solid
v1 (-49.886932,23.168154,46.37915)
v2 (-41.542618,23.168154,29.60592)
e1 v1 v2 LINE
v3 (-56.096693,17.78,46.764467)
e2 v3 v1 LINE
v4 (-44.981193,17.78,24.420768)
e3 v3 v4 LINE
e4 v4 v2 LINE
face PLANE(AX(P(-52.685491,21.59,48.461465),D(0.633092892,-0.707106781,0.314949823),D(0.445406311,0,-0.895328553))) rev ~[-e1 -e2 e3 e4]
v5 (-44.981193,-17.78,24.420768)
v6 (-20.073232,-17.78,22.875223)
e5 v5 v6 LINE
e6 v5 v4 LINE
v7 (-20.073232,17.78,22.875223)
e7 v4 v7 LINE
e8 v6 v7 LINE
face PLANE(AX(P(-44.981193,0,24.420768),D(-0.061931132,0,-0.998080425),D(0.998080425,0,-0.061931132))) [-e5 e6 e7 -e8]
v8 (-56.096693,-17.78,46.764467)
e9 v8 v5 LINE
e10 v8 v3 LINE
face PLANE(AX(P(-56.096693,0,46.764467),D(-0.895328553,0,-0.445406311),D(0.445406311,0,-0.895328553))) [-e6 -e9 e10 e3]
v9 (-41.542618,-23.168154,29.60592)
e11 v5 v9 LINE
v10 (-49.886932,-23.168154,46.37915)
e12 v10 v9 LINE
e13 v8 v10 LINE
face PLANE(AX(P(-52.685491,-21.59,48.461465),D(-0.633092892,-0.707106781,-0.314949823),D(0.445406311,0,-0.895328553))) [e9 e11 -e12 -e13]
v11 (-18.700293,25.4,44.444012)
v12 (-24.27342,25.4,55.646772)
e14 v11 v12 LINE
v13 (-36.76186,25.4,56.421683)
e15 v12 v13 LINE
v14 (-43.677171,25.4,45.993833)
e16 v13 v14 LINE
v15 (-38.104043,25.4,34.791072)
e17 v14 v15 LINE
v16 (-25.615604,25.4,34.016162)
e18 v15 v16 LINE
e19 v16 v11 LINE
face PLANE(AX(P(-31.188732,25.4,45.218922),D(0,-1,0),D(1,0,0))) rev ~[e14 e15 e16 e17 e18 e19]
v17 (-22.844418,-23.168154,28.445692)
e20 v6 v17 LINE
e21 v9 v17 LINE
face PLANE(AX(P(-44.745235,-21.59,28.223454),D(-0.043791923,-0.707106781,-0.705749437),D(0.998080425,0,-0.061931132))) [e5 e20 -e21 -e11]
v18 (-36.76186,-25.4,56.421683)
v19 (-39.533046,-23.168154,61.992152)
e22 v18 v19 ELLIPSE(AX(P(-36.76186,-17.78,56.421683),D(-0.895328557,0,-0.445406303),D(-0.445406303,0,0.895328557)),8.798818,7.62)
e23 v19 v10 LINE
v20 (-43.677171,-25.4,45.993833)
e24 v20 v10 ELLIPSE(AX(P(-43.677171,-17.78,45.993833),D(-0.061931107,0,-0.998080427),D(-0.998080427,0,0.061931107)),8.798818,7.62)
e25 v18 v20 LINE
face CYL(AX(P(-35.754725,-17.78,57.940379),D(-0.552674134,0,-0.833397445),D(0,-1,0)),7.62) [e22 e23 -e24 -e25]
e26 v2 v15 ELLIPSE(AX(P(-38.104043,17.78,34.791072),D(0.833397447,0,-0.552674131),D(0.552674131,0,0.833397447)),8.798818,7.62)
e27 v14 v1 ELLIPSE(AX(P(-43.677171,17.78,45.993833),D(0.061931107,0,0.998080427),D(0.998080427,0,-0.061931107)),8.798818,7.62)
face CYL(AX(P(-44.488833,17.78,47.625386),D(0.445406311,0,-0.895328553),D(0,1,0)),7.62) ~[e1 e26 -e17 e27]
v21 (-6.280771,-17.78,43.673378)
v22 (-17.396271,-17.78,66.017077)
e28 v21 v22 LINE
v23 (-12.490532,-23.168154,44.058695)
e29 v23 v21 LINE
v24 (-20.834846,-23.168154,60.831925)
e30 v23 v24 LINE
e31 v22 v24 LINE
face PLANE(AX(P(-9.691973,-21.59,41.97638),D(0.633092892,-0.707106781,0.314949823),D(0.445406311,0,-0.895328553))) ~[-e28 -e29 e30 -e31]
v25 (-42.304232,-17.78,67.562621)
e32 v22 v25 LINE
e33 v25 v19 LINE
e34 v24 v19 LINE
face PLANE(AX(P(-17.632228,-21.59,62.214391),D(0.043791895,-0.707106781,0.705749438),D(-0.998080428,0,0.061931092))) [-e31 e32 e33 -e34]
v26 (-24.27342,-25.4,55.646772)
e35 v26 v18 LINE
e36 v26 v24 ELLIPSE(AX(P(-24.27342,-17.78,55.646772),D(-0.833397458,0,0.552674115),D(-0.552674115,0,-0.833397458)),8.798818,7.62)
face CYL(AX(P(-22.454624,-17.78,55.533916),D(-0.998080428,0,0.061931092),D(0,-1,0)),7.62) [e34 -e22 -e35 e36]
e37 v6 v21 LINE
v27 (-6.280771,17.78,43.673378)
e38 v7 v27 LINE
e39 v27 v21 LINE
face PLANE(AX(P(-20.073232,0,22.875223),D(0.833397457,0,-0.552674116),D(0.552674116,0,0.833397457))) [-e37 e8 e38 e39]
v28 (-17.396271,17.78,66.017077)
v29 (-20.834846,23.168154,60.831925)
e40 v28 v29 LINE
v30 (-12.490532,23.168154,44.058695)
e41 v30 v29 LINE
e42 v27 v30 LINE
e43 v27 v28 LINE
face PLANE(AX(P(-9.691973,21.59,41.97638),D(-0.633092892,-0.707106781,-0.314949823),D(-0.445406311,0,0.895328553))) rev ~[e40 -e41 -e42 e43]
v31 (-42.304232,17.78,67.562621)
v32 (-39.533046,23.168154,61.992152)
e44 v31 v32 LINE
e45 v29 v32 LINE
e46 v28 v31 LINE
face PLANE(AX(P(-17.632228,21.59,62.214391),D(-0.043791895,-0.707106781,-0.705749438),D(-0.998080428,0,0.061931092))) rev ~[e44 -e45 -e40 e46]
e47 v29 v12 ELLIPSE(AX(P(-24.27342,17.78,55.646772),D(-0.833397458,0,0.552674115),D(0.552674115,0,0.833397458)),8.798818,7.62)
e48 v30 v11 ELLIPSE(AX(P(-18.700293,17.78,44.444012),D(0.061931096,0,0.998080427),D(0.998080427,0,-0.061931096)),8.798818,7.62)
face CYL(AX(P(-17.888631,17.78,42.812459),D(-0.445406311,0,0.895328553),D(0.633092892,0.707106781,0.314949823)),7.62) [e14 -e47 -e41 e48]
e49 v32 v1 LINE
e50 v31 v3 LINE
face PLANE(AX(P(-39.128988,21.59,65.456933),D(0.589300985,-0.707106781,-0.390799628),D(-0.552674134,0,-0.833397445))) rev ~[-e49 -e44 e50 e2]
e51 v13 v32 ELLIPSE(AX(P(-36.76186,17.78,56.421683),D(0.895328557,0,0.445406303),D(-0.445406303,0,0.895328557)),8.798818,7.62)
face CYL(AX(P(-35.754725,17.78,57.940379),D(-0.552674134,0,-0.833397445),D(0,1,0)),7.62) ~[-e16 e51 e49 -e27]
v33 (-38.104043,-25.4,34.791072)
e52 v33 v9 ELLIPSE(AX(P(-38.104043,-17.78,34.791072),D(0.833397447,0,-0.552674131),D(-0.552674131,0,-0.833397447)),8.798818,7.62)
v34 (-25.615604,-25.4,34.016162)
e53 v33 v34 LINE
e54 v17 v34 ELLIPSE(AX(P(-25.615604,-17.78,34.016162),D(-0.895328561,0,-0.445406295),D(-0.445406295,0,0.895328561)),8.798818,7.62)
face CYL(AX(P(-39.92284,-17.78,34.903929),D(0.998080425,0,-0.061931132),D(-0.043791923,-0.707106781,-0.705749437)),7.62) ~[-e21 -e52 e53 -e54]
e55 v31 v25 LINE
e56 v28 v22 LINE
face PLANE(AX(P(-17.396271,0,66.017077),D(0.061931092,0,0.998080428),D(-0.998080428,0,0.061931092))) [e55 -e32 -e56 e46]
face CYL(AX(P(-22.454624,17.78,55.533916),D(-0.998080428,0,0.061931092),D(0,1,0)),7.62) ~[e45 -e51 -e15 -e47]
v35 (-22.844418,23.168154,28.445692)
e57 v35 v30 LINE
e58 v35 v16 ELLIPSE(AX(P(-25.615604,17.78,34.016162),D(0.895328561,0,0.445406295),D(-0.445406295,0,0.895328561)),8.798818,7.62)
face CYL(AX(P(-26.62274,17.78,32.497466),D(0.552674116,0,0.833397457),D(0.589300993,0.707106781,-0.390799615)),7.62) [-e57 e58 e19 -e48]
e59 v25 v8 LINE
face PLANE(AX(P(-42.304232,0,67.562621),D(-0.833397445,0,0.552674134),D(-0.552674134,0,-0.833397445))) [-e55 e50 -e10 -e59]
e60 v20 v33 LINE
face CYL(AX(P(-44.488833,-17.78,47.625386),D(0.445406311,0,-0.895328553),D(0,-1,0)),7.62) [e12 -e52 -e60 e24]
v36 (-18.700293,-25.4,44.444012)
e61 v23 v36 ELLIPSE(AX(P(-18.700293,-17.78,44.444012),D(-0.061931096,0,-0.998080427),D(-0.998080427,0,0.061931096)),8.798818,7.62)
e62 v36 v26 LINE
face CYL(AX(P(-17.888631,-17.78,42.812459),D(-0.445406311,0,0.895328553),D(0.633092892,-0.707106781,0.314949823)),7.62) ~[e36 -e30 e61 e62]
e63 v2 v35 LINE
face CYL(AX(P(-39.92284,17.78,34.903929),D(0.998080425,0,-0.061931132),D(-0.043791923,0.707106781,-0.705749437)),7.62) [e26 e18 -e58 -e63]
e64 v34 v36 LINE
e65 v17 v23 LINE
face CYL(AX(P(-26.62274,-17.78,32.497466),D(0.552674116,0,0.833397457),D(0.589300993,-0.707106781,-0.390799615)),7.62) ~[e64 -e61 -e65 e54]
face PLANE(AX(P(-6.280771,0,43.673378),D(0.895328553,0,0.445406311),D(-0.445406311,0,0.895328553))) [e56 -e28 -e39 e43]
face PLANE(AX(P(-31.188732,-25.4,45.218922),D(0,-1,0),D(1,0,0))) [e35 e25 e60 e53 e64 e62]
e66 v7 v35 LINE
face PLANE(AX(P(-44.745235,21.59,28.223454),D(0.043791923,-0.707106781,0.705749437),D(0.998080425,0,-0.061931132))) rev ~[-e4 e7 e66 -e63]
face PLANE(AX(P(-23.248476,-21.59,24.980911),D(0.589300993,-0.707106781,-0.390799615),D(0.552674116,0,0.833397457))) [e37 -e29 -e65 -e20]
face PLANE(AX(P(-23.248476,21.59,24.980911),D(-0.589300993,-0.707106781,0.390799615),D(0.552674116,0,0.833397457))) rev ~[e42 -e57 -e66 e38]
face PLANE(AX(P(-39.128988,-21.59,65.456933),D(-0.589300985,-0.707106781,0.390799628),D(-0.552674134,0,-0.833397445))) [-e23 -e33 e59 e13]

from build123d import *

# Parameters (mm, degrees)
F1_DEPTH      = 25.4
F1_DEPTH_BACK = 25.4
F2_SIZE       = 7.62
F3_R          = 7.62
F4_R          = 7.62


with BuildPart() as f1:
    # F0 (on Front) → F1 (new body, two sides)
    with BuildSketch(Plane.XZ) as f1_sk:
        Polygon((-20.073232, 22.875223), (-6.280771, 43.673378), (-17.396271, 66.017077), (-42.304232, 67.562621), (-56.096693, 46.764467), (-44.981193, 24.420768), align=None)
    extrude(amount=F1_DEPTH)
    extrude(f1_sk.sketch, amount=-F1_DEPTH_BACK)

    # F2
    f2_edges = [f1.edges().sort_by_distance(p)[0] for p in [
        (-29.850251, -25.4, 66.789849),
        (-11.838521, -25.4, 54.845227),
        (-13.177002, -25.4, 33.2743),
        (-49.200462, -25.4, 57.163544),
        (-50.538943, -25.4, 35.592617),
        (-32.527213, -25.4, 23.647995),
        (-13.177002, 25.4, 33.2743),
        (-11.838521, 25.4, 54.845227),
        (-29.850251, 25.4, 66.789849),
        (-49.200462, 25.4, 57.163544),
        (-50.538943, 25.4, 35.592617),
        (-32.527213, 25.4, 23.647995),
    ]]
    chamfer(f2_edges, length=F2_SIZE)

    # F3
    f3_edges = [f1.edges().sort_by_distance(p)[0] for p in [
        (-30.322166, -25.4, 59.184476),
        (-18.660925, -25.4, 51.451231),
        (-42.849974, -25.4, 52.952167),
        (-19.52749, -25.4, 37.485677),
        (-43.716539, -25.4, 38.986613),
        (-32.055298, -25.4, 31.253368),
    ]]
    fillet(f3_edges, radius=F3_R)

    # F4
    f4_edges = [f1.edges().sort_by_distance(p)[0] for p in [
        (-19.52749, 25.4, 37.485677),
        (-32.055298, 25.4, 31.253368),
        (-18.660925, 25.4, 51.451231),
        (-43.716539, 25.4, 38.986613),
        (-30.322166, 25.4, 59.184476),
        (-42.849974, 25.4, 52.952167),
    ]]
    fillet(f4_edges, radius=F4_R)


solid = f1.part
